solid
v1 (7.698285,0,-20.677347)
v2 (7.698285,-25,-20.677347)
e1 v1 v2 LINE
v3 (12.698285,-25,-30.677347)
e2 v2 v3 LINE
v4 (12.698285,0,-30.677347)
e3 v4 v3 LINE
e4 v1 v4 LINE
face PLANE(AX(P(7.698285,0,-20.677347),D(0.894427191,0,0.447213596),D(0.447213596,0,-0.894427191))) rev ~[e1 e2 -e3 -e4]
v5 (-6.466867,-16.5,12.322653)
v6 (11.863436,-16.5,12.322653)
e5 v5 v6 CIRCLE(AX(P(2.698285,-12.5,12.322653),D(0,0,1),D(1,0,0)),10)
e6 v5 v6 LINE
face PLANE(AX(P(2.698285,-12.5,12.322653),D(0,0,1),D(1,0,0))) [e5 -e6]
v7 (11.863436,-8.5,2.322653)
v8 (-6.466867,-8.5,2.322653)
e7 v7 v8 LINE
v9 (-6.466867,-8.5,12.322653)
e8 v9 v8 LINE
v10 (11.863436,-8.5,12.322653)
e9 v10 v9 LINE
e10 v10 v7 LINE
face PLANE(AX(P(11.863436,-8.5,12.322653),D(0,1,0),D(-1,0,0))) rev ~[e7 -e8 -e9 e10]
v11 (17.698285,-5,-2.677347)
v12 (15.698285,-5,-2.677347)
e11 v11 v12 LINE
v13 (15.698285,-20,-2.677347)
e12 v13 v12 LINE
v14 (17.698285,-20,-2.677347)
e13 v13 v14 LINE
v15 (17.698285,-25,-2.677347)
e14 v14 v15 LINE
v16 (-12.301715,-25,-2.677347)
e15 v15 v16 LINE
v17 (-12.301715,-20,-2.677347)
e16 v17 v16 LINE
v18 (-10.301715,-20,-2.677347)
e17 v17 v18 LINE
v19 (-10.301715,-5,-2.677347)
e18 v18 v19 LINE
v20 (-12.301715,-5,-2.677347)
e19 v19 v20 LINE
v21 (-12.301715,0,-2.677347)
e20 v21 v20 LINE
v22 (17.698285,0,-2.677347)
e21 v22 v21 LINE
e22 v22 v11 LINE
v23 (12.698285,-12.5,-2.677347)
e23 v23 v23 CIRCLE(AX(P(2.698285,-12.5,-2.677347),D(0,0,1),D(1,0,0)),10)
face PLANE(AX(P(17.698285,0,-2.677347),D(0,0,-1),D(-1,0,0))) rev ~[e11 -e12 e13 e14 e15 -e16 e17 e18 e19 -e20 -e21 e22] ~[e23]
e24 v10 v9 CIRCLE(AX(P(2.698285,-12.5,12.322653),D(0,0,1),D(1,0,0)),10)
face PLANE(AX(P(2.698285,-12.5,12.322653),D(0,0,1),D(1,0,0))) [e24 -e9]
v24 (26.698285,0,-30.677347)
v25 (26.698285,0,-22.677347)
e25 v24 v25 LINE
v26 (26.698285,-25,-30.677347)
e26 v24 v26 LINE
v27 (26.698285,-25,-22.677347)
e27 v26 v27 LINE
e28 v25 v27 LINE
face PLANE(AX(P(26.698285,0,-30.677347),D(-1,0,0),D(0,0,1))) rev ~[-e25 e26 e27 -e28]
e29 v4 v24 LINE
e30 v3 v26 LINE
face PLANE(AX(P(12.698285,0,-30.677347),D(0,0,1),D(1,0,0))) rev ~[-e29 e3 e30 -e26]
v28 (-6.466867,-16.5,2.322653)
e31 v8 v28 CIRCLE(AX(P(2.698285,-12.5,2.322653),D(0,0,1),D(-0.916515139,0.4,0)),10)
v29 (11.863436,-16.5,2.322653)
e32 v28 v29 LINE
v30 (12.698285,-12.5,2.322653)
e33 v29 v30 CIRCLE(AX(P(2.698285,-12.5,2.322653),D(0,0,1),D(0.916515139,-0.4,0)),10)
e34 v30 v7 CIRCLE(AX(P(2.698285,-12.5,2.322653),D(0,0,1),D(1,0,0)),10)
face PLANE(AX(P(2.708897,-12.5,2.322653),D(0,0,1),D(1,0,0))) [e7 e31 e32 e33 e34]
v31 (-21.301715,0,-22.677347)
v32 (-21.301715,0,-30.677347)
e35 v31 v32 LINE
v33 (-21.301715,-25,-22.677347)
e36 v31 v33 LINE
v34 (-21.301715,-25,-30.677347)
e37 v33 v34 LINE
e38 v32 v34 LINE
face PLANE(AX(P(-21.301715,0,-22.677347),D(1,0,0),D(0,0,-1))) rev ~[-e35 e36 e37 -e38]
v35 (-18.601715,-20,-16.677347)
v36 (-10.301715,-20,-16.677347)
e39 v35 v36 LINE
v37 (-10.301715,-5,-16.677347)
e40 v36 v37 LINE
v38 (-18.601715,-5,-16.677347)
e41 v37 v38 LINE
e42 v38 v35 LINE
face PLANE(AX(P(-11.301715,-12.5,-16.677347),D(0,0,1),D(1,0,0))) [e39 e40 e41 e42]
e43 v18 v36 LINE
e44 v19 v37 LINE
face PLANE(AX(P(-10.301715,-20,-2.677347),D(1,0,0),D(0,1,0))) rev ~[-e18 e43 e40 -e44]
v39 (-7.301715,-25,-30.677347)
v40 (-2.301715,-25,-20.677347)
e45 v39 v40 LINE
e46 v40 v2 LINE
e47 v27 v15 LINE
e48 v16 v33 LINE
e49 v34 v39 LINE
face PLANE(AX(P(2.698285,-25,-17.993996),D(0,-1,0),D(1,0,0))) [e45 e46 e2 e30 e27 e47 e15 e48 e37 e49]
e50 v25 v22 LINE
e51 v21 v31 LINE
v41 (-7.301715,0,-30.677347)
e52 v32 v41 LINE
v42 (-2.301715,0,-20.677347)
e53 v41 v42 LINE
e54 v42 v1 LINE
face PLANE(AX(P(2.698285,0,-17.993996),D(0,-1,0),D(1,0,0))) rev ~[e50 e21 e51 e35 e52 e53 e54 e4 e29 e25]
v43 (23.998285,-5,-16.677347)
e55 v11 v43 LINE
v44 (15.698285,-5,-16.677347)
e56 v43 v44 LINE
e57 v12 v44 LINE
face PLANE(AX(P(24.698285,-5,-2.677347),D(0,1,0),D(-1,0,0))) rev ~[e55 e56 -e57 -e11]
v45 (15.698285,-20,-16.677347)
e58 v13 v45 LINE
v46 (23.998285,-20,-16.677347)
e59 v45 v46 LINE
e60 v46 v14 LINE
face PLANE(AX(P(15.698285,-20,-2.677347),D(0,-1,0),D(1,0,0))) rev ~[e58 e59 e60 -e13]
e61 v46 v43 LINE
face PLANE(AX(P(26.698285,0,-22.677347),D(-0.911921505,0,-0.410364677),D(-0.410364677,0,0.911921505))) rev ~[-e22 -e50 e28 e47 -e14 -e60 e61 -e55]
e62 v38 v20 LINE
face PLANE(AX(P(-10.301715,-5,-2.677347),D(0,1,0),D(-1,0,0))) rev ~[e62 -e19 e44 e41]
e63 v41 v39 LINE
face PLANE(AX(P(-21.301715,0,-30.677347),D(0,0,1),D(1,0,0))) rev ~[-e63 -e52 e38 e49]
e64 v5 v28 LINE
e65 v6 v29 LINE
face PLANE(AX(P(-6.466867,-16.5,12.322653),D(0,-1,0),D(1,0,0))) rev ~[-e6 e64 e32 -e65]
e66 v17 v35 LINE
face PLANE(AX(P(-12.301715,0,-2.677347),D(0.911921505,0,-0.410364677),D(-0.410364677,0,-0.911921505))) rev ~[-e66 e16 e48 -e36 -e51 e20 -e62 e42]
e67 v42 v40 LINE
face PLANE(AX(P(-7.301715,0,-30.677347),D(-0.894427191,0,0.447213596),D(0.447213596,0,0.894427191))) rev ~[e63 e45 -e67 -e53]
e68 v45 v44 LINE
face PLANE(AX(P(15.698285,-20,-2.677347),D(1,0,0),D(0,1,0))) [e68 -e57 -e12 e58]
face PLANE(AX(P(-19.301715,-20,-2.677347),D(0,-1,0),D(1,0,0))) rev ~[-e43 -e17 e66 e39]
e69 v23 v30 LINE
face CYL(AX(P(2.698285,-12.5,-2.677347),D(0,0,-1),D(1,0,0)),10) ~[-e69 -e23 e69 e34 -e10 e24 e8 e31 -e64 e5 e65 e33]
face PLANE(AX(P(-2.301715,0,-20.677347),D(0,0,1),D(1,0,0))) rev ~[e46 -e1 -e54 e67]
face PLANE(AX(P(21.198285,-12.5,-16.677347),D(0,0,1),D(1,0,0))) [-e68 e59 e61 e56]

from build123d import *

# Parameters (mm, degrees)
F1_DEPTH = 25
F2_W     = 2
F2_H     = 15
F2_W_2   = 7
F3_DEPTH = 14
F4_W     = 7
F4_H     = 15
F4_W_2   = 2
F5_DEPTH = 14
F6_R     = 10
F7_DEPTH = 15
F9_DEPTH = 10


with BuildPart() as f1:
    # F0 (on Front) → F1 (new body)
    with BuildSketch(Plane.XZ):
        Polygon((-21.3017152275, -22.6773469236), (-21.3017152275, -30.6773469236), (-7.3017152275, -30.6773469236), (-2.3017152275, -20.6773469236), (7.6982847725, -20.6773469236), (12.6982847725, -30.6773469236), (26.6982847725, -30.6773469236), (26.6982847725, -22.6773469236), (17.6982847725, -2.6773469236), (-12.3017152275, -2.6773469236), align=None)
    extrude(amount=F1_DEPTH)

    # F2 (on face) → F3 (cut)
    with BuildSketch(Plane.XY.offset(-2.6773469236)):
        with Locations((-11.3017152275, -12.5)):
            Rectangle(F2_W, F2_H)
        with Locations((-15.8017152275, -12.5)):
            Rectangle(F2_W_2, F2_H)
    extrude(amount=-F3_DEPTH, mode=Mode.SUBTRACT)

    # F4 (on face) → F5 (cut)
    with BuildSketch(Plane.XY.offset(-2.6773469236)):
        with Locations((21.1982847725, -12.5)):
            Rectangle(F4_W, F4_H)
        with Locations((16.6982847725, -12.5)):
            Rectangle(F4_W_2, F4_H)
    extrude(amount=-F5_DEPTH, mode=Mode.SUBTRACT)

    # F6 (on face) → F7 (join)
    with BuildSketch(Plane.XY.offset(-2.6773469236)):
        with Locations((2.6982847725, -12.5)):
            Circle(F6_R)
    extrude(amount=F7_DEPTH)

    # F8 (on face) → F9 (cut)
    with BuildSketch(Plane.XY.offset(12.3226530764)):
        with BuildLine():
            Line((11.8634361624, -8.5), (-6.4668666175, -8.5))
            ThreePointArc((-6.4668666175, -8.5), (-7.3017152275, -12.5), (-6.4668666175, -16.5))
            Line((-6.4668666175, -16.5), (11.8634361624, -16.5))
            ThreePointArc((11.8634361624, -16.5), (12.4873479018, -14.5430964369), (12.6982847725, -12.5))
            ThreePointArc((12.6982847725, -12.5), (12.4873479018, -10.4569035631), (11.8634361624, -8.5))
        make_face()
    extrude(amount=-F9_DEPTH, mode=Mode.SUBTRACT)


solid = f1.part
